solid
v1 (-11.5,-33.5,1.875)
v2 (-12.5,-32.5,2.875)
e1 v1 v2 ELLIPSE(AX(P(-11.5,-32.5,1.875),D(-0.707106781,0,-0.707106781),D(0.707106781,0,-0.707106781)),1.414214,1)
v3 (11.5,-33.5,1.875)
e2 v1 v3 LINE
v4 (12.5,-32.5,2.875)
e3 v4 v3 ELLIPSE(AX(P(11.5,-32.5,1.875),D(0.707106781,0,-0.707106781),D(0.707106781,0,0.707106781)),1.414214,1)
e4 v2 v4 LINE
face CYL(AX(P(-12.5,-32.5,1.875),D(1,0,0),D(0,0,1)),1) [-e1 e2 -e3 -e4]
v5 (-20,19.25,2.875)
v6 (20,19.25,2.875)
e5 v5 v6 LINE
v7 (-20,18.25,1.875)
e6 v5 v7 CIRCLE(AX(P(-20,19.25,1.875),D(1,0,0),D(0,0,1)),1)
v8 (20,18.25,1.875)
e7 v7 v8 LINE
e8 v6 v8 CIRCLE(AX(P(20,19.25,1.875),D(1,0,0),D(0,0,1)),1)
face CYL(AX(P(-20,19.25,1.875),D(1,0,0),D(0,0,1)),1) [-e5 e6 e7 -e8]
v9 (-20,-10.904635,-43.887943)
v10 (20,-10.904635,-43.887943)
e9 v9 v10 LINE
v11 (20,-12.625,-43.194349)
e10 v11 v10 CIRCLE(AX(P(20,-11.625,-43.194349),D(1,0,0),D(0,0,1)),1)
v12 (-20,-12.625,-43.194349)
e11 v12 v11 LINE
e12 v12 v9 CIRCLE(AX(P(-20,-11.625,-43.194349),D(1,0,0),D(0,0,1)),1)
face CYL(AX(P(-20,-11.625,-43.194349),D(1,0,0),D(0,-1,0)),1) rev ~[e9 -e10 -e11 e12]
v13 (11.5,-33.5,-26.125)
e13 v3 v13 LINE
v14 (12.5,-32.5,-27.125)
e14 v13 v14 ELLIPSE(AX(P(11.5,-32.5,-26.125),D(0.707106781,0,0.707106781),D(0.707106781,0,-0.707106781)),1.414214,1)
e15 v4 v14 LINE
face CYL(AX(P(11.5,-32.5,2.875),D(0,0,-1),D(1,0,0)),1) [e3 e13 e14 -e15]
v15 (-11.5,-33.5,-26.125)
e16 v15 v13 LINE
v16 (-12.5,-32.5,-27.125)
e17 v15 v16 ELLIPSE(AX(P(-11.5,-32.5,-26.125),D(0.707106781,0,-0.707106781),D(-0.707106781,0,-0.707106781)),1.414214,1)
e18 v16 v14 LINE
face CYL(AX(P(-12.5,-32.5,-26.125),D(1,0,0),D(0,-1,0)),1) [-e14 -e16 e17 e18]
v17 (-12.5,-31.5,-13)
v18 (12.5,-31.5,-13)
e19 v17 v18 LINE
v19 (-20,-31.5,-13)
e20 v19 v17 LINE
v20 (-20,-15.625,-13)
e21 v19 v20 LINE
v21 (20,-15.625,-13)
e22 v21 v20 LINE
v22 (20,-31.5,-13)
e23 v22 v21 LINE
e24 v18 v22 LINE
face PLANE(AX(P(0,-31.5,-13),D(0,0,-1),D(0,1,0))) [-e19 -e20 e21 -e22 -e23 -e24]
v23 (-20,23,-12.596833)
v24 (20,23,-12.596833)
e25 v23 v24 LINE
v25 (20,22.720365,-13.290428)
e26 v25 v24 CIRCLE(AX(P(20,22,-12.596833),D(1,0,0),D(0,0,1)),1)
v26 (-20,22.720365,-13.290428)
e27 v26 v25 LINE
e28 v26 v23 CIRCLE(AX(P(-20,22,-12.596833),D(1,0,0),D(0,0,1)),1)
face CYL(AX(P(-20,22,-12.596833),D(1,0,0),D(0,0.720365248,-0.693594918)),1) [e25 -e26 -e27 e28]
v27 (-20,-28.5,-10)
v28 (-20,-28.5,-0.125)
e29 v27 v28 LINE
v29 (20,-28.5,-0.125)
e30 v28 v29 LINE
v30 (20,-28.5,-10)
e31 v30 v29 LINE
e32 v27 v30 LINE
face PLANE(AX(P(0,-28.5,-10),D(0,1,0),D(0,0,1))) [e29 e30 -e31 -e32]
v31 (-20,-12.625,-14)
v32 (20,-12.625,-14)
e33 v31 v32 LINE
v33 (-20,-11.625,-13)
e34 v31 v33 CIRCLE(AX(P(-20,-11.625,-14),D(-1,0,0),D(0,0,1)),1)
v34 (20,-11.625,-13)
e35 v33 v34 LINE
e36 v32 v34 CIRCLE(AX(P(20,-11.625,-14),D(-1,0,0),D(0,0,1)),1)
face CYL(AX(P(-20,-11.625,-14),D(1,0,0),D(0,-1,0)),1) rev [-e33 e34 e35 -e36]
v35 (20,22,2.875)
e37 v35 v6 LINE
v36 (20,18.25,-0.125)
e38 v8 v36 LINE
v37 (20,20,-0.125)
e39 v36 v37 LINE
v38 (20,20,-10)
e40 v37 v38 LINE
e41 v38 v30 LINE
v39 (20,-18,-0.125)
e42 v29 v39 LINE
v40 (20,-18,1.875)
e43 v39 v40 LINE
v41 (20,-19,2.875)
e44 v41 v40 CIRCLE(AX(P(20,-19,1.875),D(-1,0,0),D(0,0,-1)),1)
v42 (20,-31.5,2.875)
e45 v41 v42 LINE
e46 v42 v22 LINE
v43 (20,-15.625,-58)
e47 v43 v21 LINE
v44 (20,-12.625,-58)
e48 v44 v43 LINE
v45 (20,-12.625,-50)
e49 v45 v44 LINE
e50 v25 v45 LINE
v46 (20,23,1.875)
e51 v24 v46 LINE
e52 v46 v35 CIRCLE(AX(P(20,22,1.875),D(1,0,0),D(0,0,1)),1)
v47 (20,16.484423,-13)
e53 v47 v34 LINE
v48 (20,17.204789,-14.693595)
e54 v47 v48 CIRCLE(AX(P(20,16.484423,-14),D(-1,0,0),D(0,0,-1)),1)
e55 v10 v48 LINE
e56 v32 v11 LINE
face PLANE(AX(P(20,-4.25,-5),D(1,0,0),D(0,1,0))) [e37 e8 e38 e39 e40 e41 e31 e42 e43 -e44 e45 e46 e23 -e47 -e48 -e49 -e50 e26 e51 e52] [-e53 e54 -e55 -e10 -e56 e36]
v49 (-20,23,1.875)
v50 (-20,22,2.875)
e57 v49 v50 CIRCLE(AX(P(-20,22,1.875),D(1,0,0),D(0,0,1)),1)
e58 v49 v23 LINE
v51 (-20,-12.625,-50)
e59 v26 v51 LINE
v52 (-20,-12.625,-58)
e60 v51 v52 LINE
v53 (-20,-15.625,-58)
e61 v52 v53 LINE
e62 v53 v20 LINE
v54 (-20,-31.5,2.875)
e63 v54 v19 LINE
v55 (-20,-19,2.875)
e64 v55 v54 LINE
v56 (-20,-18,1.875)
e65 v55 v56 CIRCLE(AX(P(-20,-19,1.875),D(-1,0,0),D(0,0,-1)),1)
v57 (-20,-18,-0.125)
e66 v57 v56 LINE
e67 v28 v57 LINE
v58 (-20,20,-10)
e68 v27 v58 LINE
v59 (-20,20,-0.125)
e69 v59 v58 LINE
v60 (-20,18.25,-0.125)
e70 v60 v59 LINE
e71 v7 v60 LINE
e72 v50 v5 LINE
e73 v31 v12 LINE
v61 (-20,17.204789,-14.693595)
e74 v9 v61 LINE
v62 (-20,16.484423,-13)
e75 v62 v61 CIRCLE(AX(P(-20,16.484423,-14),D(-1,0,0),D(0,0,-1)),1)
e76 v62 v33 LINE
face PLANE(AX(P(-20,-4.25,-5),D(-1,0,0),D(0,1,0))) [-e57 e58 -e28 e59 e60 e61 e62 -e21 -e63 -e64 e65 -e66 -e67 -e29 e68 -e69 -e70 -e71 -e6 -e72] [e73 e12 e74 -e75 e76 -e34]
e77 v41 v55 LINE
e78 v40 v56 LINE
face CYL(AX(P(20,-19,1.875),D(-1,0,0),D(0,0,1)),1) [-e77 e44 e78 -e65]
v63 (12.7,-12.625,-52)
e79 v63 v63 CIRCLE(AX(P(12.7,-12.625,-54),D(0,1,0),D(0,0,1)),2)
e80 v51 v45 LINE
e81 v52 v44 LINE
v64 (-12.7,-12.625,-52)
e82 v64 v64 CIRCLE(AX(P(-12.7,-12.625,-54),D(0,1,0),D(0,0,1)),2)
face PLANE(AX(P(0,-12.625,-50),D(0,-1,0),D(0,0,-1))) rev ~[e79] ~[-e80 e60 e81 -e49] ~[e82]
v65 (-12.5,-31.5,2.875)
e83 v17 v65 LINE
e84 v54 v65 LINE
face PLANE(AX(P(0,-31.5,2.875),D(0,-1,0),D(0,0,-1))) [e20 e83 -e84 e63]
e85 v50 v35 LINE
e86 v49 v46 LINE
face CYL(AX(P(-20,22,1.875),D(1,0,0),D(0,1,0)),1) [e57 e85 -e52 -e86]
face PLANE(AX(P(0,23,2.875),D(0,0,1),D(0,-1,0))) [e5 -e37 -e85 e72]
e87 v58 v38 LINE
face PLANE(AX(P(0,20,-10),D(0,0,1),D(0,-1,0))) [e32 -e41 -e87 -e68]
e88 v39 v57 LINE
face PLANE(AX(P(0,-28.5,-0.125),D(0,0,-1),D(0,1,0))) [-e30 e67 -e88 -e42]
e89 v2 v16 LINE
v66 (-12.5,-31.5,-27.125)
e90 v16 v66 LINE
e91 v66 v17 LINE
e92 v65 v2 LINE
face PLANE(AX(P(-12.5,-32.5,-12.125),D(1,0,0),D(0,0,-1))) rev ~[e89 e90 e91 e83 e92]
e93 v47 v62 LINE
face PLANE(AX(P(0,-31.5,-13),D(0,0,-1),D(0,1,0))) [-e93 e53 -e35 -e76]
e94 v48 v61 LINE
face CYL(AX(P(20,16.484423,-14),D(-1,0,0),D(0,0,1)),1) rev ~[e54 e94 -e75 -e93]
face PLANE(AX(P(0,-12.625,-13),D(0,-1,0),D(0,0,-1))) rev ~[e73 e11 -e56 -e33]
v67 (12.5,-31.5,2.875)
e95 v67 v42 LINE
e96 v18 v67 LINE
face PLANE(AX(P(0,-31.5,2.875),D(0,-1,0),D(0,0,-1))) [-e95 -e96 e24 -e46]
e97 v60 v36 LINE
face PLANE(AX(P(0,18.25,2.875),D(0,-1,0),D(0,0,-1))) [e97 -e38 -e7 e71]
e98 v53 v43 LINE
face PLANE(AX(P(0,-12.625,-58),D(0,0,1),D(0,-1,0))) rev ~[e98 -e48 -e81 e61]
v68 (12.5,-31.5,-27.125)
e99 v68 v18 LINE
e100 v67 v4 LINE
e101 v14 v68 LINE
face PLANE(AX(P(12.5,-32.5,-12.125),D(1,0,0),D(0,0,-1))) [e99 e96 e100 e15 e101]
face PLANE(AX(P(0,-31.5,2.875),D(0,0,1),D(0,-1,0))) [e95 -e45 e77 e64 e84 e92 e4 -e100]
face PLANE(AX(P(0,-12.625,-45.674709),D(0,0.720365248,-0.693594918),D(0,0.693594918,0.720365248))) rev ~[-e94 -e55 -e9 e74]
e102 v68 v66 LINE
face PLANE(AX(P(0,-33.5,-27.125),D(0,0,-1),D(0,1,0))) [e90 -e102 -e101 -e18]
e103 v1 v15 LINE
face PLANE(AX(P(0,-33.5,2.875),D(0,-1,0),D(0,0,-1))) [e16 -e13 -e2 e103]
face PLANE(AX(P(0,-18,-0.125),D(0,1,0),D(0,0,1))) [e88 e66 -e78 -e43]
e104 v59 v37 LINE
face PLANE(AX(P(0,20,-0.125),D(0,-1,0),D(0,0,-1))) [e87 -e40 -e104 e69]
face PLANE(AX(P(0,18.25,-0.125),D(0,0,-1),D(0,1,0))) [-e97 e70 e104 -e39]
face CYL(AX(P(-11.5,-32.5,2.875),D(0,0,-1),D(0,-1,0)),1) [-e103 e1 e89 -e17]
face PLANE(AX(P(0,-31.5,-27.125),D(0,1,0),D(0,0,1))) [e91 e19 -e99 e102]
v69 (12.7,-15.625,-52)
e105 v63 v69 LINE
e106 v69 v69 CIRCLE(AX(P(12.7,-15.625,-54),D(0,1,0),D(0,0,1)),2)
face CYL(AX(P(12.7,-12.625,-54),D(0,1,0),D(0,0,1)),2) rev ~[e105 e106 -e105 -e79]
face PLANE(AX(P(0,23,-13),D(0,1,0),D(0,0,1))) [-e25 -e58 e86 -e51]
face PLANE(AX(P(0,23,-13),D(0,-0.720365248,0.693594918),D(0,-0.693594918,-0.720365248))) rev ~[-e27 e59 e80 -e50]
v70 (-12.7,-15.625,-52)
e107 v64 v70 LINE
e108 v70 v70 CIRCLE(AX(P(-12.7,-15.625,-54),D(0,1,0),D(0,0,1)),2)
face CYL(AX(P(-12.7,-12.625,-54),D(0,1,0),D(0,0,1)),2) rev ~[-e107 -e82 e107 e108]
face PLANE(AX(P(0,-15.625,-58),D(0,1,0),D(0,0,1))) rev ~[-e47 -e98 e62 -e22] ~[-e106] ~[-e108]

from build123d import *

# Parameters (mm, degrees)
SKETCH1_W                       = 36
SKETCH1_H                       = 36
BOSS_EXTRUDE1_DEPTH             = 13.5
SKETCH1_3_W                     = 40
SKETCH1_3_H                     = 48.5
BOSS_EXTRUDE2_DEPTH             = 10
FILLET1_R                       = 3.5
FILLET2_R                       = 3.5
FILLET3_R                       = 1
FILLET4_R                       = 1
FILLET5_R                       = 1
BOSS_EXTRUDE3_REACH             = 39.343
BOSS_EXTRUDE3_DIRECTION_2_REACH = 39.343
BOSS_EXTRUDE4_REACH             = 41.68
BOSS_EXTRUDE4_DIRECTION_2_REACH = 41.68
BOSS_EXTRUDE5_DEPTH             = 12.5
SKETCH9_R                       = 2
CUT_EXTRUDE3_DEPTH              = 71.944630699
FILLET6_R                       = 1
FILLET7_R                       = 1


with BuildPart() as part:
    # Sketch1 → Boss-Extrude1 (new body)
    with BuildSketch(Plane.XY):
        Rectangle(SKETCH1_W, SKETCH1_H)
    extrude(amount=BOSS_EXTRUDE1_DEPTH)

    # Fillet2
    fillet2_edges = [part.edges().sort_by_distance(p)[0] for p in [
        (18, 18, 6.75),
        (18, -18, 6.75),
        (-18, -18, 6.75),
        (-18, 18, 6.75),
    ]]
    fillet(fillet2_edges, radius=FILLET2_R)

    # Fillet5
    fillet5_edges = [part.edges().sort_by_distance(p)[0] for p in [
        (-16.974873734, 16.974873734, 13.5),
        (0, 18, 13.5),
        (16.974873734, 16.974873734, 13.5),
        (18, 0, 13.5),
        (16.974873734, -16.974873734, 13.5),
        (0, -18, 13.5),
        (-16.974873734, -16.974873734, 13.5),
        (-18, 0, 13.5),
    ]]
    fillet(fillet5_edges, radius=FILLET5_R)


with BuildPart() as body_2:
    # Sketch1<3> → Boss-Extrude2 (new body)
    with BuildSketch(Plane.XY):
        with Locations((0, -4.25)):
            Rectangle(SKETCH1_3_W, SKETCH1_3_H)
    extrude(amount=-BOSS_EXTRUDE2_DEPTH)

    # Fillet1
    fillet1_edges = [body_2.edges().sort_by_distance(p)[0] for p in [
        (20, 20, -5),
        (-20, -28.5, -5),
        (20, -28.5, -5),
        (-20, 20, -5),
    ]]
    fillet(fillet1_edges, radius=FILLET1_R)

    # Fillet3
    fillet3_edges = [body_2.edges().sort_by_distance(p)[0] for p in [
        (-18.974873734, 18.974873734, 0),
        (0, 20, 0),
        (18.974873734, 18.974873734, 0),
        (20, -4.25, 0),
        (18.974873734, -27.474873734, 0),
        (0, -28.5, 0),
        (-18.974873734, -27.474873734, 0),
        (-20, -4.25, 0),
    ]]
    fillet(fillet3_edges, radius=FILLET3_R)

    # Fillet4
    fillet4_edges = [body_2.edges().sort_by_distance(p)[0] for p in [
        (-18.974873734, 18.974873734, -10),
        (-20, -4.25, -10),
        (-18.974873734, -27.474873734, -10),
        (0, -28.5, -10),
        (18.974873734, -27.474873734, -10),
        (20, -4.25, -10),
        (18.974873734, 18.974873734, -10),
        (0, 20, -10),
    ]]
    fillet(fillet4_edges, radius=FILLET4_R)


with BuildPart() as body_3:

    # Boss-Extrude3: up to this face of the body (flat: up to its plane)
    boss_extrude3_end = Plane(body_2.part.faces().sort_by_distance((20, -4.25, -5))[0])
    # Sketch2 → Boss-Extrude3 (new, up to the picked face)
    with BuildSketch(Plane(origin=(0, 0, 0), x_dir=(0, 0, -1), z_dir=(1, 0, 0)), mode=Mode.PRIVATE) as boss_extrude3_sk1:
        Polygon((-2.875, -18), (-2.875, -31.5), (13, -31.5), (13, 20), (13, 23), (-2.875, 23), (-2.875, 18.25), (0.125, 18.25), (0.125, 20), (10, 20), (10, -28.5), (0.125, -28.5), (0.125, -18), align=None)
    boss_extrude3_tool1 = split(extrude(boss_extrude3_sk1.sketch, amount=BOSS_EXTRUDE3_REACH, mode=Mode.PRIVATE), bisect_by=boss_extrude3_end, keep=Keep.BOTH, mode=Mode.PRIVATE)
    add(boss_extrude3_tool1.solids().sort_by(Axis((0, -24.75, 2.30735), (1, 0, 0)))[0])


    # Boss-Extrude3 direction 2: up to this face of the body (flat: up to its plane)
    boss_extrude3_direction_2_end = Plane(body_2.part.faces().sort_by_distance((-20, -4.25, -5))[0])
    # Sketch2 → Boss-Extrude3 direction 2 (add, up to the picked face)
    with BuildSketch(Plane(origin=(0, 0, 0), x_dir=(0, 0, -1), z_dir=(1, 0, 0)), mode=Mode.PRIVATE) as boss_extrude3_direction_2_sk1:
        Polygon((-2.875, -18), (-2.875, -31.5), (13, -31.5), (13, 20), (13, 23), (-2.875, 23), (-2.875, 18.25), (0.125, 18.25), (0.125, 20), (10, 20), (10, -28.5), (0.125, -28.5), (0.125, -18), align=None)
    boss_extrude3_direction_2_tool1 = split(extrude(boss_extrude3_direction_2_sk1.sketch, amount=-BOSS_EXTRUDE3_DIRECTION_2_REACH, mode=Mode.PRIVATE), bisect_by=boss_extrude3_direction_2_end, keep=Keep.BOTH, mode=Mode.PRIVATE)
    add(boss_extrude3_direction_2_tool1.solids().sort_by(Axis((0, -24.75, 2.30735), (-1, 0, 0)))[0])


    # Boss-Extrude4: up to this face of the body (flat: up to its plane)
    boss_extrude4_end = Plane(body_2.part.faces().sort_by_distance((20, -4.25, -5))[0])
    # Sketch3 → Boss-Extrude4 (add, up to the picked face)
    with BuildSketch(Plane(origin=(0, 0, 0), x_dir=(0, 0, -1), z_dir=(1, 0, 0)), mode=Mode.PRIVATE) as boss_extrude4_sk1:
        Polygon((58, -15.625), (10, -15.625), (10, 23), (13, 23), (50, -12.625), (58, -12.625), align=None)
        Polygon((13, 18.835445964), (13, -12.625), (45.674708791, -12.625), align=None, mode=Mode.SUBTRACT)
    boss_extrude4_tool1 = split(extrude(boss_extrude4_sk1.sketch, amount=BOSS_EXTRUDE4_REACH, mode=Mode.PRIVATE), bisect_by=boss_extrude4_end, keep=Keep.BOTH, mode=Mode.PRIVATE)
    add(boss_extrude4_tool1.solids().sort_by(Axis((0, -15.008892, -34), (1, 0, 0)))[0])


    # Boss-Extrude4 direction 2: up to this face of the body (flat: up to its plane)
    boss_extrude4_direction_2_end = Plane(body_2.part.faces().sort_by_distance((-20, -4.25, -5))[0])
    # Sketch3 → Boss-Extrude4 direction 2 (add, up to the picked face)
    with BuildSketch(Plane(origin=(0, 0, 0), x_dir=(0, 0, -1), z_dir=(1, 0, 0)), mode=Mode.PRIVATE) as boss_extrude4_direction_2_sk1:
        Polygon((58, -15.625), (10, -15.625), (10, 23), (13, 23), (50, -12.625), (58, -12.625), align=None)
        Polygon((13, 18.835445964), (13, -12.625), (45.674708791, -12.625), align=None, mode=Mode.SUBTRACT)
    boss_extrude4_direction_2_tool1 = split(extrude(boss_extrude4_direction_2_sk1.sketch, amount=-BOSS_EXTRUDE4_DIRECTION_2_REACH, mode=Mode.PRIVATE), bisect_by=boss_extrude4_direction_2_end, keep=Keep.BOTH, mode=Mode.PRIVATE)
    add(boss_extrude4_direction_2_tool1.solids().sort_by(Axis((0, -15.008892, -34), (-1, 0, 0)))[0])

    # Sketch8 → Boss-Extrude5 (add, symmetric)
    with BuildSketch(Plane(origin=(0, 0, 0), x_dir=(0, 0, -1), z_dir=(1, 0, 0))):
        Polygon((-2.875, -31.5), (-2.875, -33.5), (27.125, -33.5), (27.125, -31.5), (13, -31.5), align=None)
    extrude(amount=BOSS_EXTRUDE5_DEPTH, both=True)

    # Sketch9 → Cut-Extrude3 (cut, through all)
    with BuildSketch(Plane(origin=(0, -12.625, 0), x_dir=(1, 0, 0), z_dir=(0, 1, 0))):
        with Locations((12.7, 54)):
            Circle(SKETCH9_R)
        with Locations((-12.7, 54)):
            Circle(SKETCH9_R)
    extrude(amount=-CUT_EXTRUDE3_DEPTH, mode=Mode.SUBTRACT)

    # Fillet6
    fillet6_edges = [body_3.edges().sort_by_distance(p)[0] for p in [
        (0, -12.625, -45.674708791),
        (0, -12.625, -13),
        (0, 18.835445964, -13),
        (0, -18, 2.875),
        (0, 18.25, 2.875),
        (0, 23, 2.875),
        (0, 23, -13),
    ]]
    fillet(fillet6_edges, radius=FILLET6_R)

    # Fillet7
    fillet7_edges = [body_3.edges().sort_by_distance(p)[0] for p in [
        (0, -33.5, 2.875),
        (12.5, -33.5, -12.125),
        (0, -33.5, -27.125),
        (-12.5, -33.5, -12.125),
    ]]
    fillet(fillet7_edges, radius=FILLET7_R)


solid = body_3.part
